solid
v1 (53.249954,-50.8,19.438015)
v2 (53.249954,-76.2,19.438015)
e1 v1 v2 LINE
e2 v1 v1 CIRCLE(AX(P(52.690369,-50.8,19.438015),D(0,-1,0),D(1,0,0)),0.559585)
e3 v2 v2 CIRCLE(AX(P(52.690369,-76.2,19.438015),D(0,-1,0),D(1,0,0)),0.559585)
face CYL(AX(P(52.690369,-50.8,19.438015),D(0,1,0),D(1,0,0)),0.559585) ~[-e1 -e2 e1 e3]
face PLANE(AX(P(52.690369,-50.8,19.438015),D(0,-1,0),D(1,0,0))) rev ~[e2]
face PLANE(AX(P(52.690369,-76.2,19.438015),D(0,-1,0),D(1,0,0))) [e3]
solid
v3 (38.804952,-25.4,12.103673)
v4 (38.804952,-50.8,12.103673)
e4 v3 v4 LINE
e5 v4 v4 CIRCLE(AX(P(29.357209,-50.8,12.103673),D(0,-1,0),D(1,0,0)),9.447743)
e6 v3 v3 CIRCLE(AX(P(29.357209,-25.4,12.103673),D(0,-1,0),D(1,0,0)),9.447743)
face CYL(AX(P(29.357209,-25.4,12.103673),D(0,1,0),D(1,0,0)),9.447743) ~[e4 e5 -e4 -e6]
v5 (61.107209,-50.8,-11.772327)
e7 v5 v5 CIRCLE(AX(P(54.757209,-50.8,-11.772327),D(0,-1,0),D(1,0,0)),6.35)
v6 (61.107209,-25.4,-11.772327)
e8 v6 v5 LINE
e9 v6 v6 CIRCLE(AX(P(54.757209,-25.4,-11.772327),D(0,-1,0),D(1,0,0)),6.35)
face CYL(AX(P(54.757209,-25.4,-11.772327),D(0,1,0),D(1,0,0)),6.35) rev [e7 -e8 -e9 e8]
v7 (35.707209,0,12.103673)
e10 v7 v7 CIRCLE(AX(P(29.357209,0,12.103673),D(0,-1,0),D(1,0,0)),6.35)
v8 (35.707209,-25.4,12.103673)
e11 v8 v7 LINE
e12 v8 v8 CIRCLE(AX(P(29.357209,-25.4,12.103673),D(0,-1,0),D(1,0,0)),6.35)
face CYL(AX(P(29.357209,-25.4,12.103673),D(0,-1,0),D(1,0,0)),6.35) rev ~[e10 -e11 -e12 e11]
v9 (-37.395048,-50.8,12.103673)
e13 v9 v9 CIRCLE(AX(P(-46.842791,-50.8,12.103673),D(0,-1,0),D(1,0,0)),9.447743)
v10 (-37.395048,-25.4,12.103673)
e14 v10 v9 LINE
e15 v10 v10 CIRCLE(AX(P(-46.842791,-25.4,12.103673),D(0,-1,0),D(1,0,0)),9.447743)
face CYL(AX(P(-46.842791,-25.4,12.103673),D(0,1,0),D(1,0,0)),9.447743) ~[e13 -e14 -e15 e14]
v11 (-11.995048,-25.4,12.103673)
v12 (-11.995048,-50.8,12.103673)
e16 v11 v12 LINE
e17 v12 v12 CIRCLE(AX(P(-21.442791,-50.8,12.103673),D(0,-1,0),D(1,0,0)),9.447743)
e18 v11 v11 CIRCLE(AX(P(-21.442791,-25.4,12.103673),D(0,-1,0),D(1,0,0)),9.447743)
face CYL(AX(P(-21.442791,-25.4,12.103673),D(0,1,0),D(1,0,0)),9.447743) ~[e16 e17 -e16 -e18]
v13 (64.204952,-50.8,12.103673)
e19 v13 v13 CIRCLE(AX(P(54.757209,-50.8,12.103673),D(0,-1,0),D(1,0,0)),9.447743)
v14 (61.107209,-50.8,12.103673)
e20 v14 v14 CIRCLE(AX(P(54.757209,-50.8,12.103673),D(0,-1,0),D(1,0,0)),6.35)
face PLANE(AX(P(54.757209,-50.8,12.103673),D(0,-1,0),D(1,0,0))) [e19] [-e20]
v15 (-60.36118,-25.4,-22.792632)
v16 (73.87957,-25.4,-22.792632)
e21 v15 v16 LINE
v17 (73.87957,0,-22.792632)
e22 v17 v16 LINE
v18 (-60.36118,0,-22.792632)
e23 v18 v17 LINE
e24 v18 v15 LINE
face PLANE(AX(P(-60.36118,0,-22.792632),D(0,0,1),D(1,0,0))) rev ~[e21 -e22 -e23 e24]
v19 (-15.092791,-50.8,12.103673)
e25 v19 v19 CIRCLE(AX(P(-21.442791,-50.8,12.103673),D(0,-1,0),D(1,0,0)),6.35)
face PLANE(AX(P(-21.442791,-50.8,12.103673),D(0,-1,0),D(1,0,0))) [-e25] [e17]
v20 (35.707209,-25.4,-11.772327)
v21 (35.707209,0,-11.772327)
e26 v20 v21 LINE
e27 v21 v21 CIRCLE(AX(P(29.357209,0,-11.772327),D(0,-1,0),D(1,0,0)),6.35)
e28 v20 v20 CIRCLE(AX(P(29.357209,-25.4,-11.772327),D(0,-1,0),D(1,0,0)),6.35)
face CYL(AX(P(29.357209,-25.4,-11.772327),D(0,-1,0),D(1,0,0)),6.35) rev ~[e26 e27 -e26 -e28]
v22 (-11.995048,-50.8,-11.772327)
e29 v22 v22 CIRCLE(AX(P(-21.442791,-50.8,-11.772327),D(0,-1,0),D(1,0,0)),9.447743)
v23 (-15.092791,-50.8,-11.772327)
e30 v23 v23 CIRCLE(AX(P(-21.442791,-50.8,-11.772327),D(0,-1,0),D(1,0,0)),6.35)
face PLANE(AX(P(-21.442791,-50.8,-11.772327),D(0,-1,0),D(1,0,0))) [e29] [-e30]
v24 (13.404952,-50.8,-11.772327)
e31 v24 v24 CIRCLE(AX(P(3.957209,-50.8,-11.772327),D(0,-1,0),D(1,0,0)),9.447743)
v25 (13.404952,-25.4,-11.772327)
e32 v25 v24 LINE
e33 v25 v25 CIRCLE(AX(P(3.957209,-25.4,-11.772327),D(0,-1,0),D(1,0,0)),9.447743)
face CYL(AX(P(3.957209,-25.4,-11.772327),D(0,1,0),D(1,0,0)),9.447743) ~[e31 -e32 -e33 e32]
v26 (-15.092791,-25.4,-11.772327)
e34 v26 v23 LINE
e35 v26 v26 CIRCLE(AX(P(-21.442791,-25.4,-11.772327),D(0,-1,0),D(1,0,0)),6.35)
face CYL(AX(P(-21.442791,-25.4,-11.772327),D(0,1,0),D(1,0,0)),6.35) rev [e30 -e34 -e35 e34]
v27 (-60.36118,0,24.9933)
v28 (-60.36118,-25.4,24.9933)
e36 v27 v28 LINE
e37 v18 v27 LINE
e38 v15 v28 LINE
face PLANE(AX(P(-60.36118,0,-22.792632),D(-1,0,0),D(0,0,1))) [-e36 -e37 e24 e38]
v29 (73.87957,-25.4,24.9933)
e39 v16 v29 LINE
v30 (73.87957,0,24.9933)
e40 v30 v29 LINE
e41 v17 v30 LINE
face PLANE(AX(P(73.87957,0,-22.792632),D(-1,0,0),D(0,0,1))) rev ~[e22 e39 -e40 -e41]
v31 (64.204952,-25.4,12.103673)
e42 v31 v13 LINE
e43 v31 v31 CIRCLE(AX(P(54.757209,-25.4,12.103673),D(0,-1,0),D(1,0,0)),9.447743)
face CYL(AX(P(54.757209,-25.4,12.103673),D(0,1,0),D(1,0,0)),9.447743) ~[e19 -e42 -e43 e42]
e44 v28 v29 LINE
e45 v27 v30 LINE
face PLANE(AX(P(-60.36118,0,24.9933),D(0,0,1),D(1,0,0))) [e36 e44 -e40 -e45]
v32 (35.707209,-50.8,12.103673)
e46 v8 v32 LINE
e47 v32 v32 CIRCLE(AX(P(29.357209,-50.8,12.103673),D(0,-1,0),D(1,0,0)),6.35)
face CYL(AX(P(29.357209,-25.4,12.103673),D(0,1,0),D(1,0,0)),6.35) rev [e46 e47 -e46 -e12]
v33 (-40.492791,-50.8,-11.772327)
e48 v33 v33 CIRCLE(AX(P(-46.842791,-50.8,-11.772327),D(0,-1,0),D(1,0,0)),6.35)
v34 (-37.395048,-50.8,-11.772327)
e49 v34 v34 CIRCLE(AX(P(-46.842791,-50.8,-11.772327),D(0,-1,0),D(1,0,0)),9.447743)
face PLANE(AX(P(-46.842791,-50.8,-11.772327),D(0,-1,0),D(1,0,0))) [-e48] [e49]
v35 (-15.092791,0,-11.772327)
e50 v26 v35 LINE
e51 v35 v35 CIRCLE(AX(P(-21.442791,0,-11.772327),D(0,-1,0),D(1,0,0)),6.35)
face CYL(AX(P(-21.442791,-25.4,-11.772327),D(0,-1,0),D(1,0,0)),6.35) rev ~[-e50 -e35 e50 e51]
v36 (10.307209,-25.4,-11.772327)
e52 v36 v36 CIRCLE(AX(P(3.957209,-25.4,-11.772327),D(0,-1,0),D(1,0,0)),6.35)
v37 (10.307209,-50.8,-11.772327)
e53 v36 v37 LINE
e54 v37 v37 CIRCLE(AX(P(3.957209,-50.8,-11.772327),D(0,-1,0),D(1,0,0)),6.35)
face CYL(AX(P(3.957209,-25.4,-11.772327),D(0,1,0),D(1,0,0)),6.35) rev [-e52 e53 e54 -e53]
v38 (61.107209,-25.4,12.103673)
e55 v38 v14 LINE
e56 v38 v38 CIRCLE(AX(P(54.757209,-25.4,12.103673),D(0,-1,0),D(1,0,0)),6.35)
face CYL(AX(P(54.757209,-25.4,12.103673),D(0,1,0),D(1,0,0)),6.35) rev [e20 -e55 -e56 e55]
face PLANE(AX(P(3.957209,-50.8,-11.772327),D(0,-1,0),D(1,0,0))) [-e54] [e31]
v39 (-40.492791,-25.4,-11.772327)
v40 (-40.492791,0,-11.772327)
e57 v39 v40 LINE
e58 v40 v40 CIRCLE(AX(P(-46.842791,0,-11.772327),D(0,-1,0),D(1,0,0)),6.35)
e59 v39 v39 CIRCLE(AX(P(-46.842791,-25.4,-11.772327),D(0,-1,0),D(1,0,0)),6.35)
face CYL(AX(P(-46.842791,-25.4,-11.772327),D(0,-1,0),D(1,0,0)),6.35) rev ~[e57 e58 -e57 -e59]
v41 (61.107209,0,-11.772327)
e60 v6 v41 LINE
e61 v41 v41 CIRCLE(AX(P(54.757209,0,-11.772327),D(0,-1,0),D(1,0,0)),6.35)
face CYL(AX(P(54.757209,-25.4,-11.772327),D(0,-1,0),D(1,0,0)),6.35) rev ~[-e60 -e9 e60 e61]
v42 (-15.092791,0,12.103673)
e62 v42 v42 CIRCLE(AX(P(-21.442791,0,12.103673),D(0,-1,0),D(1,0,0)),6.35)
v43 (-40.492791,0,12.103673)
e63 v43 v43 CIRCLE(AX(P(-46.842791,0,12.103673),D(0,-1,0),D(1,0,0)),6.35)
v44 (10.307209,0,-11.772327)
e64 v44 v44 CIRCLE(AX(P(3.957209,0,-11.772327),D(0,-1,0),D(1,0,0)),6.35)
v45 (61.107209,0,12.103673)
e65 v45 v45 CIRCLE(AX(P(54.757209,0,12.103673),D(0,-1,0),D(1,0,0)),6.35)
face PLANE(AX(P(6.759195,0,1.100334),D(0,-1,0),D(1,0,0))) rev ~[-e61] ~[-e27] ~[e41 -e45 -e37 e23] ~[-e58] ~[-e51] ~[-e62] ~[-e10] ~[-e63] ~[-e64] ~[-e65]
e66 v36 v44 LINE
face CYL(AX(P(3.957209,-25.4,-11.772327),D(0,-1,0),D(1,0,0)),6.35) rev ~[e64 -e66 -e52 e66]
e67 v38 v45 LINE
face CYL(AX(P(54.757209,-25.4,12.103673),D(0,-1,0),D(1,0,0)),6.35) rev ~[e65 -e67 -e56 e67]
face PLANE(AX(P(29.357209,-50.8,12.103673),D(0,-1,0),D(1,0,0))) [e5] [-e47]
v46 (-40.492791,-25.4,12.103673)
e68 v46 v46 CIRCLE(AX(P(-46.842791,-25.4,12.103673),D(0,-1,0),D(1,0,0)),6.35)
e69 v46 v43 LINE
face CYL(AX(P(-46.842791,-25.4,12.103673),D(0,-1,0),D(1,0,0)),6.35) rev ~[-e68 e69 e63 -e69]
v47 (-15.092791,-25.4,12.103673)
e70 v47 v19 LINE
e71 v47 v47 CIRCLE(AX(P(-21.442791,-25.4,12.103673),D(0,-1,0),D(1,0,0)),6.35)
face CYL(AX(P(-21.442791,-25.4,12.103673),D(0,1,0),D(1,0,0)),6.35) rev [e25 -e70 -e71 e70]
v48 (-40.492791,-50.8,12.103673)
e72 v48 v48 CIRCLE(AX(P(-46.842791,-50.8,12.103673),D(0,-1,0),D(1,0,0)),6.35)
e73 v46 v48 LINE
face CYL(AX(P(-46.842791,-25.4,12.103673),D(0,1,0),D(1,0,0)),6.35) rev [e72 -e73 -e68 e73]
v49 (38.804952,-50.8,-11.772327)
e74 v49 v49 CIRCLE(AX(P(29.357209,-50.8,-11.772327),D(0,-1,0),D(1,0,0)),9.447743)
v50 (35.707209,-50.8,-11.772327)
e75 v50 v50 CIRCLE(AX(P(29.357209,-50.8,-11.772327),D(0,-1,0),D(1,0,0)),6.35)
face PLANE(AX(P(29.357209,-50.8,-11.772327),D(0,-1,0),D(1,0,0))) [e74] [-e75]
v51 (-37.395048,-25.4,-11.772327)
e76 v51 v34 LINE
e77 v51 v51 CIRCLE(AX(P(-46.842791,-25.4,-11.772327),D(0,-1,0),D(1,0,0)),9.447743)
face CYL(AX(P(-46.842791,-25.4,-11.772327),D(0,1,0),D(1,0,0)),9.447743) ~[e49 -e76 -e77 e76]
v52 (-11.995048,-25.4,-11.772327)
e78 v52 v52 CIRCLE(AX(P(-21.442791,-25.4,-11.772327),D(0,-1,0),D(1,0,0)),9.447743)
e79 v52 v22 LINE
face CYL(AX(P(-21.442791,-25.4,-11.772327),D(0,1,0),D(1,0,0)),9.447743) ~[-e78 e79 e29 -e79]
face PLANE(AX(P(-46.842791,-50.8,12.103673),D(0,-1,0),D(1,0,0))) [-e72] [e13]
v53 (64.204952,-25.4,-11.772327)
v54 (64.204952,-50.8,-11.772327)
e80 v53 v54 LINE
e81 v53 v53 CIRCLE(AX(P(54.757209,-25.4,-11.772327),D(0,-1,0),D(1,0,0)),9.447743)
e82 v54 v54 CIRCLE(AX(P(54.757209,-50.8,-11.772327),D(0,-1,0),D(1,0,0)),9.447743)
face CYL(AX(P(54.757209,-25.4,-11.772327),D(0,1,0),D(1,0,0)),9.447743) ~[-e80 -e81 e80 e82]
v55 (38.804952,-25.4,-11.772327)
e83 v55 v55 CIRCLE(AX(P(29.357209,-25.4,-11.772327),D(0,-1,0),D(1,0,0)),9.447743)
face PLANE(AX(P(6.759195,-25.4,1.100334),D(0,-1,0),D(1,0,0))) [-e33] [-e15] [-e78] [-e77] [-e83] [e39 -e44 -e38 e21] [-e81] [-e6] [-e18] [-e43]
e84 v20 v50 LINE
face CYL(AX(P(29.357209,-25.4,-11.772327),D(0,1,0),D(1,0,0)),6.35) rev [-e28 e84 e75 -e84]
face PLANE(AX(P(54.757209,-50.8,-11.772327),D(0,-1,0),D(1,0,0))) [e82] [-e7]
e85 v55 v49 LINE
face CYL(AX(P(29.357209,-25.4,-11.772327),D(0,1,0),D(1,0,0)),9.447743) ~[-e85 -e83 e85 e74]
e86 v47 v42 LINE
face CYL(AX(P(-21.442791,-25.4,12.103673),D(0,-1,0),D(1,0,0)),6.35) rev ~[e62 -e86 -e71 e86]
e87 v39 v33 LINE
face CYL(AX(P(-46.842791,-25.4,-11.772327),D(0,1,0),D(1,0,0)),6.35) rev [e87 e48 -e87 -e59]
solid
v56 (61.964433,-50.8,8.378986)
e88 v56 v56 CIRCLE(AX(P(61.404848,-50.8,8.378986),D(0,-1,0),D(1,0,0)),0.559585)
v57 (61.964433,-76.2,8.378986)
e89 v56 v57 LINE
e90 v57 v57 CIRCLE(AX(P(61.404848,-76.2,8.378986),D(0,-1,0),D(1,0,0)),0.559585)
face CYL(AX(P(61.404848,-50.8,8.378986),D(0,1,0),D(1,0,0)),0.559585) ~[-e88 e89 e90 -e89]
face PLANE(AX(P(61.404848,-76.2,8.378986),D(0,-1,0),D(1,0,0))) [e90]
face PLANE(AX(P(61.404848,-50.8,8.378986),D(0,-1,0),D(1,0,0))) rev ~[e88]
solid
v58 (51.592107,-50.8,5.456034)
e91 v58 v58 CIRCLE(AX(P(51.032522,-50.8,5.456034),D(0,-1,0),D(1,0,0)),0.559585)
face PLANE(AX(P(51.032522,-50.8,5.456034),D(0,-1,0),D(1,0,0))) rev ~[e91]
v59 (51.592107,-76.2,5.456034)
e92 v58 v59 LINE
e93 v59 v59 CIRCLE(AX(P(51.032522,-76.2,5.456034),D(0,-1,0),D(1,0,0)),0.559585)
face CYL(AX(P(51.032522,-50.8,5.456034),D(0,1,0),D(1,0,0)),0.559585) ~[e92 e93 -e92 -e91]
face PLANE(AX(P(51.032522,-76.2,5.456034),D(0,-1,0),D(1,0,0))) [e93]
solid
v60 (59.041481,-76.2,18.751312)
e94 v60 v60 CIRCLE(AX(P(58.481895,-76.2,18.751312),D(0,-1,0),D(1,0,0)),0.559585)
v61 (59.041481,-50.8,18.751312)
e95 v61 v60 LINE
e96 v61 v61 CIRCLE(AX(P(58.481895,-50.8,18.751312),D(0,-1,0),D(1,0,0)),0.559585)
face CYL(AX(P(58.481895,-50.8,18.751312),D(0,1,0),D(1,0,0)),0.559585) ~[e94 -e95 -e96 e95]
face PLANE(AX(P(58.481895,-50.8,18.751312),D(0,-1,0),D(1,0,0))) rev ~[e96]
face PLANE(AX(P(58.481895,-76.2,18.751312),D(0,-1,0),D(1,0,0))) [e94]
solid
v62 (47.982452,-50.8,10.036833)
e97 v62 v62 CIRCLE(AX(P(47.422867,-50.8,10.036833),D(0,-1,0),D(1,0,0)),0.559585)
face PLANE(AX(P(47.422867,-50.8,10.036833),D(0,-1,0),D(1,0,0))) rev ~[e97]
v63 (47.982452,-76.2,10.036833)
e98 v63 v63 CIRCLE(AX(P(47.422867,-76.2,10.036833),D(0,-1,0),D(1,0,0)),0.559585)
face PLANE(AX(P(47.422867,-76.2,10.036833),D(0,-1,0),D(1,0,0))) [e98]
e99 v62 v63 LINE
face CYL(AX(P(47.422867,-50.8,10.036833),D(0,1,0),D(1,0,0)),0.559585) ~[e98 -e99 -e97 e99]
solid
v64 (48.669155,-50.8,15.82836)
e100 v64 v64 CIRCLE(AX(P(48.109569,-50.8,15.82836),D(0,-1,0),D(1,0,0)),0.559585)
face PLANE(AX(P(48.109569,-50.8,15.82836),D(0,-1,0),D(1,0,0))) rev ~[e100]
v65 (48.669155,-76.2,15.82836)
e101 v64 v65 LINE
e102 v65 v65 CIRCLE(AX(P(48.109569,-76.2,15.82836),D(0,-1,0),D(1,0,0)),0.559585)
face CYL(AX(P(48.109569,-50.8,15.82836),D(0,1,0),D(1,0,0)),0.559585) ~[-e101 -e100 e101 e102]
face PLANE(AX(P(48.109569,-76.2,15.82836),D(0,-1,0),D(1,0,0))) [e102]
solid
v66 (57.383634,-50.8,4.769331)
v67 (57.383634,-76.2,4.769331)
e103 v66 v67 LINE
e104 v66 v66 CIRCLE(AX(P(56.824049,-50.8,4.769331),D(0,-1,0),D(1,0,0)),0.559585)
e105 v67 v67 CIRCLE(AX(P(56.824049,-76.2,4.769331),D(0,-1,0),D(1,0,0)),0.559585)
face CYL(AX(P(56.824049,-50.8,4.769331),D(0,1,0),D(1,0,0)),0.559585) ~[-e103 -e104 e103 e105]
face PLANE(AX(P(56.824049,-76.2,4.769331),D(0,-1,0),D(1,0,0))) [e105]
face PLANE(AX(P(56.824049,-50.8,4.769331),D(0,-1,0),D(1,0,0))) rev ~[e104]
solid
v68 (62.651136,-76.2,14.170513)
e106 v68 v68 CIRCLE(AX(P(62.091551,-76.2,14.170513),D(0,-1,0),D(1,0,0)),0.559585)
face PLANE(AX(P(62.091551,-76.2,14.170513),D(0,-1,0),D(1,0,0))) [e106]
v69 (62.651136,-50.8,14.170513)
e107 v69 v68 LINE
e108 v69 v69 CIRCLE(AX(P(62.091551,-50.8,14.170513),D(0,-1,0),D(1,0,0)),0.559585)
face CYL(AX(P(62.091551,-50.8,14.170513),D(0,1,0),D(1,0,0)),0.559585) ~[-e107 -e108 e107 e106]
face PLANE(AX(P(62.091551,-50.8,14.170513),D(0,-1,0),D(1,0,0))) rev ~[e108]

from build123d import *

# Parameters (mm, degrees)
F0_W     = 134.2407502234
F0_H     = 47.7859321982
F1_DEPTH = 25.4
F2_R     = 9.4477433257
F2_R_2   = 6.35
F3_DEPTH = 25.4
F4_DEPTH = 25.4
F5_R     = 0.5595851591
F6_DEPTH = 25.4


with BuildPart() as f1:
    # F0 (on Front) → F1 (new body)
    with BuildSketch(Plane.XZ):
        with Locations((6.7591946572, 1.1003343388)):
            Rectangle(F0_W, F0_H)
    extrude(amount=F1_DEPTH)

    # F2 (on face) → F3 (join)
    with BuildSketch(Plane.XZ.offset(25.4)):
        with Locations((-46.8427911401, 12.1036730707)):
            Circle(F2_R)
        with Locations((-46.8427911401, 12.1036730707)):
            Circle(F2_R_2, mode=Mode.SUBTRACT)
        with Locations((-46.8427911401, -11.7723269293)):
            Circle(F2_R)
        with Locations((-46.8427911401, -11.7723269293)):
            Circle(F2_R_2, mode=Mode.SUBTRACT)
        with Locations((-21.4427911401, 12.1036730707)):
            Circle(F2_R)
        with Locations((-21.4427911401, 12.1036730707)):
            Circle(F2_R_2, mode=Mode.SUBTRACT)
        with Locations((-21.4427911401, -11.7723269293)):
            Circle(F2_R)
        with Locations((-21.4427911401, -11.7723269293)):
            Circle(F2_R_2, mode=Mode.SUBTRACT)
        with Locations((3.9572088599, -11.7723269293)):
            Circle(F2_R)
        with Locations((3.9572088599, -11.7723269293)):
            Circle(F2_R_2, mode=Mode.SUBTRACT)
        with Locations((29.3572088599, 12.1036730707)):
            Circle(F2_R)
        with Locations((29.3572088599, 12.1036730707)):
            Circle(F2_R_2, mode=Mode.SUBTRACT)
        with Locations((29.3572088599, -11.7723269293)):
            Circle(F2_R)
        with Locations((29.3572088599, -11.7723269293)):
            Circle(F2_R_2, mode=Mode.SUBTRACT)
        with Locations((54.7572088599, 12.1036730707)):
            Circle(F2_R)
        with Locations((54.7572088599, 12.1036730707)):
            Circle(F2_R_2, mode=Mode.SUBTRACT)
        with Locations((54.7572088599, -11.7723269293)):
            Circle(F2_R)
        with Locations((54.7572088599, -11.7723269293)):
            Circle(F2_R_2, mode=Mode.SUBTRACT)
    extrude(amount=F3_DEPTH)

    # F4 (cut): faces of the model
    f4_faces = [f1.faces().sort_by_distance(p)[0] for p in [
        (-46.8427911401, -25.4, 12.1036730707),
        (-21.4427911401, -25.4, 12.1036730707),
        (29.3572088599, -25.4, 12.1036730707),
        (54.7572088599, -25.4, 12.1036730707),
        (54.7572088599, -25.4, -11.7723269293),
        (29.3572088599, -25.4, -11.7723269293),
        (3.9572088599, -25.4, -11.7723269293),
        (-21.4427911401, -25.4, -11.7723269293),
        (-46.8427911401, -25.4, -11.7723269293),
    ]]
    extrude(f4_faces, amount=-F4_DEPTH, mode=Mode.SUBTRACT)


with BuildPart() as f6:
    # F5 (on face) → F6 (new body)
    with BuildSketch(Plane.XZ.offset(50.8)):
        with Locations((48.1095694574, 15.8283596848)):
            Circle(F5_R)
    extrude(amount=F6_DEPTH)


with BuildPart() as f6b:
    # F5 (on face) → F6, piece 2 (new body)
    with BuildSketch(Plane.XZ.offset(50.8)):
        with Locations((52.6903691221, 19.4380151337)):
            Circle(F5_R)
    extrude(amount=F6_DEPTH)


with BuildPart() as f6c:
    # F5 (on face) → F6, piece 3 (new body)
    with BuildSketch(Plane.XZ.offset(50.8)):
        with Locations((58.481895474, 18.7513124732)):
            Circle(F5_R)
    extrude(amount=F6_DEPTH)


with BuildPart() as f6d:
    # F5 (on face) → F6, piece 4 (new body)
    with BuildSketch(Plane.XZ.offset(50.8)):
        with Locations((62.091550923, 14.1705128085)):
            Circle(F5_R)
    extrude(amount=F6_DEPTH)


with BuildPart() as f6e:
    # F5 (on face) → F6, piece 5 (new body)
    with BuildSketch(Plane.XZ.offset(50.8)):
        with Locations((61.4048482625, 8.3789864565)):
            Circle(F5_R)
    extrude(amount=F6_DEPTH)


with BuildPart() as f6f:
    # F5 (on face) → F6, piece 6 (new body)
    with BuildSketch(Plane.XZ.offset(50.8)):
        with Locations((56.8240485977, 4.7693310076)):
            Circle(F5_R)
    extrude(amount=F6_DEPTH)


with BuildPart() as f6g:
    # F5 (on face) → F6, piece 7 (new body)
    with BuildSketch(Plane.XZ.offset(50.8)):
        with Locations((51.0325222458, 5.4560336681)):
            Circle(F5_R)
    extrude(amount=F6_DEPTH)


with BuildPart() as f6h:
    # F5 (on face) → F6, piece 8 (new body)
    with BuildSketch(Plane.XZ.offset(50.8)):
        with Locations((47.4228667968, 10.0368333329)):
            Circle(F5_R)
    extrude(amount=F6_DEPTH)


solid = Compound([f1.part, f6.part, f6b.part, f6c.part, f6d.part, f6e.part, f6f.part, f6g.part, f6h.part])
